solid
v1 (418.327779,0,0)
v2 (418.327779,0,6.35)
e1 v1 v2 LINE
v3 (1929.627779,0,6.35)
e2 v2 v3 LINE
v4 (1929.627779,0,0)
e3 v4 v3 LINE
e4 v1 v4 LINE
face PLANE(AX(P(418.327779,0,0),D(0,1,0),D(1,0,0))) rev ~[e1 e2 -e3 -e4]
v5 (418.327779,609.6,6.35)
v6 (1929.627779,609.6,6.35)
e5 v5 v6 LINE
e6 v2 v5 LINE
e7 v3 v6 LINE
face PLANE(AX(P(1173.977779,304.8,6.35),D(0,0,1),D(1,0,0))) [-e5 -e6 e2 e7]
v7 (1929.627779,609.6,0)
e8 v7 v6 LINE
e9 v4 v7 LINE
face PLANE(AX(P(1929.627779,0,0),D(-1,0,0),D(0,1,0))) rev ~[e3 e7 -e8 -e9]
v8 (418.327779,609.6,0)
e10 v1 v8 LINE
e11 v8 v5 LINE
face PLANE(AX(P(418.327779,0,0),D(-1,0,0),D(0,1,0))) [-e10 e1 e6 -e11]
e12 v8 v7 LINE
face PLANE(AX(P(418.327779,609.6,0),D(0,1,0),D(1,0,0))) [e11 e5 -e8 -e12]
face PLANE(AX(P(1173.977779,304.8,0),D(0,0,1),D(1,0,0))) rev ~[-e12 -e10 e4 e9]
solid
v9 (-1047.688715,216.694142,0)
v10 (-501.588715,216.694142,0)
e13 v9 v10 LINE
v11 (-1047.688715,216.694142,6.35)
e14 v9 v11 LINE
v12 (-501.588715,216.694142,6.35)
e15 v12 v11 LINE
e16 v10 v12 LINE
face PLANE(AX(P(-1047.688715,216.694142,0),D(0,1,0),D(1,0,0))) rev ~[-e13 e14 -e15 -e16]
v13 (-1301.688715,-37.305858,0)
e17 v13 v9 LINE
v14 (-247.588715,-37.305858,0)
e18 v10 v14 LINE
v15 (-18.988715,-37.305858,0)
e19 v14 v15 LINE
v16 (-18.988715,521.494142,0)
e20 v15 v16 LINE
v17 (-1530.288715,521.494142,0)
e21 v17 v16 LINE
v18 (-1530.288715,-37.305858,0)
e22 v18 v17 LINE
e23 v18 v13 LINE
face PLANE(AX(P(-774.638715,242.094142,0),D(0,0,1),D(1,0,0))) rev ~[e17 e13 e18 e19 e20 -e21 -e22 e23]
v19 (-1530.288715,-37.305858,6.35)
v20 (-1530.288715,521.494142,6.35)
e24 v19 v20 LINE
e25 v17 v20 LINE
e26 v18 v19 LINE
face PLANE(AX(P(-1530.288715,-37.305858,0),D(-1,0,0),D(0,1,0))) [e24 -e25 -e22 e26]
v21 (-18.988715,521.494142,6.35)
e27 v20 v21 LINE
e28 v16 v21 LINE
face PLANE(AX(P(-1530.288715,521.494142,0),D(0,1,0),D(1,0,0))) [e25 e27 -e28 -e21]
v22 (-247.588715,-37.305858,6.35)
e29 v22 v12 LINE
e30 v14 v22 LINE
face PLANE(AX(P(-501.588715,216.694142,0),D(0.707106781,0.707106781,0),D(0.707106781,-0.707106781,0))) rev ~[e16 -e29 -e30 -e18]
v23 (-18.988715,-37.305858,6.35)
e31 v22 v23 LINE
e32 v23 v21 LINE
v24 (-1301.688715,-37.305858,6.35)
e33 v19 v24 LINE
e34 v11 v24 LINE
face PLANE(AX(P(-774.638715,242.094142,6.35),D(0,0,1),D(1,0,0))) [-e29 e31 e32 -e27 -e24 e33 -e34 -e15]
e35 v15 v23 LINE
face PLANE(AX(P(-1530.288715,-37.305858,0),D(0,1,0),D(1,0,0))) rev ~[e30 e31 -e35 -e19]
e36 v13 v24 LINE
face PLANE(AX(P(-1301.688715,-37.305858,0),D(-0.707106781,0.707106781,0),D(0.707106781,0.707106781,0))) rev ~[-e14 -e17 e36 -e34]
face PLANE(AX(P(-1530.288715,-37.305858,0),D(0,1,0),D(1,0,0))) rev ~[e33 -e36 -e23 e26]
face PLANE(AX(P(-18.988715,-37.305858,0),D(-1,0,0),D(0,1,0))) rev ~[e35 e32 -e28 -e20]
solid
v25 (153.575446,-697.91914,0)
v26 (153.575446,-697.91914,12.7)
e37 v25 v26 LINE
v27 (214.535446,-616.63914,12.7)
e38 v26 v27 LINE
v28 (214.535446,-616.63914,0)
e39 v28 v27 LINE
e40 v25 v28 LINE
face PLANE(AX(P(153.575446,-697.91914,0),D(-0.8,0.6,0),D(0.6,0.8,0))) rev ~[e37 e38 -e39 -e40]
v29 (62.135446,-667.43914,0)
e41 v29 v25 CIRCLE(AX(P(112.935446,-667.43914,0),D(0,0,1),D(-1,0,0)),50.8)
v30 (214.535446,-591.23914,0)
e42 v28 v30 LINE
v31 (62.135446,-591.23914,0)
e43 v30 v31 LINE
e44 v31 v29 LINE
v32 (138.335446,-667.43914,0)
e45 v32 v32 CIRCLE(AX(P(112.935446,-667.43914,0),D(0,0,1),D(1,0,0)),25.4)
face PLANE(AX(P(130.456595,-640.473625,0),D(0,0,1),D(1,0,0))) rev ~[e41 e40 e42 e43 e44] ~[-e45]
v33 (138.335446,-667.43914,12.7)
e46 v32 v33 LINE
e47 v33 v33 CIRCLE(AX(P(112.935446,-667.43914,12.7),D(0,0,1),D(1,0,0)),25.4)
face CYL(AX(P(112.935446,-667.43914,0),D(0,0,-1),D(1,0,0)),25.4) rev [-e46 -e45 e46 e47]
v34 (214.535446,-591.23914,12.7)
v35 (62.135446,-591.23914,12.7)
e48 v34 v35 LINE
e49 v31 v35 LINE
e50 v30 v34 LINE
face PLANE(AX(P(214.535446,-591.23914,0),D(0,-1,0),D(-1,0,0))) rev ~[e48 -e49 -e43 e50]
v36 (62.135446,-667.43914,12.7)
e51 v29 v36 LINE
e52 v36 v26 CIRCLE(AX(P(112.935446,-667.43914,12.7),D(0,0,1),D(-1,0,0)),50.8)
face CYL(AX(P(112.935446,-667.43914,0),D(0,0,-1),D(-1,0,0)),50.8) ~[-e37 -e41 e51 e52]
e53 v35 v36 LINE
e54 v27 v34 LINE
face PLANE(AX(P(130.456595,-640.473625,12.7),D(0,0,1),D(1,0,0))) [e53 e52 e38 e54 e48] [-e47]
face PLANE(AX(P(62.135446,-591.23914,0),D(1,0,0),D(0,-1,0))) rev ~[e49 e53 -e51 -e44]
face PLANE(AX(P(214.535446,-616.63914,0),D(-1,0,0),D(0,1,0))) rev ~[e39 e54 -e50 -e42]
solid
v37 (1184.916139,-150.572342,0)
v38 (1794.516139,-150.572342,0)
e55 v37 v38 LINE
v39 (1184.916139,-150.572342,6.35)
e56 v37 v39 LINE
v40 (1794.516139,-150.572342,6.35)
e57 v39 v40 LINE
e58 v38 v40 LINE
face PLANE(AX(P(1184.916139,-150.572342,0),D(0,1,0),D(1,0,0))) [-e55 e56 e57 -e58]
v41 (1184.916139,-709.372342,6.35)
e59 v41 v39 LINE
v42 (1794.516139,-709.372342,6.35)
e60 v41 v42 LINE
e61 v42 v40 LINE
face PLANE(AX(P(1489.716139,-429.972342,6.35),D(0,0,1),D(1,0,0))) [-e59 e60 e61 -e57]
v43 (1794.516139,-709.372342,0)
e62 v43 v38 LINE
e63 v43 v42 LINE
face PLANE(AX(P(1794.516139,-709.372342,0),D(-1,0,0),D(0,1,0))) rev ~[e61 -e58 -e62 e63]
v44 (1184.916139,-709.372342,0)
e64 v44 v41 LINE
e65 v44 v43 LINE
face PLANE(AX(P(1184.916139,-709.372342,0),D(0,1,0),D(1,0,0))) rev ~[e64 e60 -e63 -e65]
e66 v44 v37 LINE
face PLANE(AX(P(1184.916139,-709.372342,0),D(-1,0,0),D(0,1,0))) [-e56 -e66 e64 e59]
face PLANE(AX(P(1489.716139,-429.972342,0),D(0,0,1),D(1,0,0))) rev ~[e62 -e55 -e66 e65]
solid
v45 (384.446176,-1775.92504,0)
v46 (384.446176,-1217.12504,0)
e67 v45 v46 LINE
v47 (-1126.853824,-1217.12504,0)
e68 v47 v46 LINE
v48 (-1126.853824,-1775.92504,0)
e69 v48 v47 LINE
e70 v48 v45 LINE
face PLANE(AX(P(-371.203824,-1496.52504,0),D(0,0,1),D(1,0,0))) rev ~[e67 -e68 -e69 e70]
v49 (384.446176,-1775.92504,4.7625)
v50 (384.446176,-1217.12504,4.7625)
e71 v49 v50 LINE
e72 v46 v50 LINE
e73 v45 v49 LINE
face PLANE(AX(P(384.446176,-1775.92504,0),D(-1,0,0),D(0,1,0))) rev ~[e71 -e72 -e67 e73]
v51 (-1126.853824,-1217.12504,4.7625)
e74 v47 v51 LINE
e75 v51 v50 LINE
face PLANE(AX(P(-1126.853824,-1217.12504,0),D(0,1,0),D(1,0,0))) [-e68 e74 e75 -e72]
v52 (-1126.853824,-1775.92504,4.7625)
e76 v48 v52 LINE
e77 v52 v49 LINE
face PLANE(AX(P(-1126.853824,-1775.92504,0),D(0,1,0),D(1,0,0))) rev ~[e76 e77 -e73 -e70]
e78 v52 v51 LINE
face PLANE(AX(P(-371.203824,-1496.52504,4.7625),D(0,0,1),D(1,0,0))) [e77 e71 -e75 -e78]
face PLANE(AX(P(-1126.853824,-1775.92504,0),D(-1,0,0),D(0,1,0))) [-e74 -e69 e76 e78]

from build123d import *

# Parameters (mm, degrees)
F0_W      = 1511.3
F0_H      = 558.8
F1_DEPTH  = 6.35
F2_W      = 1511.3
F2_H      = 609.6
F3_DEPTH  = 6.35
F5_DEPTH  = 6.351
F6_DEPTH  = 25.4
F7_W      = 609.6
F7_H      = 558.8
F8_DEPTH  = 6.35
F9_R      = 25.4
F10_DEPTH = 12.7
F11_W     = 1511.3
F11_H     = 558.8
F12_DEPTH = 4.7625


with BuildPart() as f1:
    # F0 (on Top) → F1 (new body)
    with BuildSketch(Plane.XY):
        with Locations((-774.6387154847, 242.0941420138)):
            Rectangle(F0_W, F0_H)
    extrude(amount=F1_DEPTH)

    # F4 (on face) → F5 (cut, through all)
    with BuildSketch(Plane(origin=(0, 0, 0), x_dir=(1, 0, 0), z_dir=(0, 0, -1))):
        Polygon((-1301.6887154847, 37.3058579862), (-1047.6887154847, -216.6941420138), (-501.5887154847, -216.6941420138), (-247.5887154847, 37.3058579862), align=None)
    extrude(amount=-F5_DEPTH, mode=Mode.SUBTRACT)

    # F4 (on face) → F6 (cut)
    with BuildSketch(Plane(origin=(0, 0, 0), x_dir=(1, 0, 0), z_dir=(0, 0, -1))):
        Polygon((-1301.6887154847, 37.3058579862), (-1047.6887154847, -216.6941420138), (-501.5887154847, -216.6941420138), (-247.5887154847, 37.3058579862), align=None)
    extrude(amount=F6_DEPTH, mode=Mode.SUBTRACT)


with BuildPart() as f3:
    # F2 (on Top) → F3 (new body)
    with BuildSketch(Plane.XY):
        with Locations((1173.9777785778, 304.8)):
            Rectangle(F2_W, F2_H)
    extrude(amount=F3_DEPTH)


with BuildPart() as f8:
    # F7 (on Top) → F8 (new body)
    with BuildSketch(Plane.XY):
        with Locations((1489.716138649, -429.9723416328)):
            Rectangle(F7_W, F7_H)
    extrude(amount=F8_DEPTH)


with BuildPart() as f10:
    # F9 (on Top) → F10 (new body)
    with BuildSketch(Plane.XY):
        with BuildLine():
            Line((214.5354460064, -616.6391396422), (214.5354460064, -591.2391396422))
            Line((214.5354460064, -591.2391396422), (62.1354460064, -591.2391396422))
            Line((62.1354460064, -591.2391396422), (62.1354460064, -667.4391396422))
            ThreePointArc((62.1354460064, -667.4391396422), (96.8710754928, -715.6322511832), (153.5754460064, -697.9191396422))
            Line((153.5754460064, -697.9191396422), (214.5354460064, -616.6391396422))
        make_face()
        with Locations((112.9354460064, -667.4391396422)):
            Circle(F9_R, mode=Mode.SUBTRACT)
    extrude(amount=F10_DEPTH)


with BuildPart() as f12:
    # F11 (on Top) → F12 (new body)
    with BuildSketch(Plane.XY):
        with Locations((-371.2038236618, -1496.5250402451)):
            Rectangle(F11_W, F11_H)
    extrude(amount=F12_DEPTH)


solid = Compound([f1.part, f3.part, f8.part, f10.part, f12.part])
